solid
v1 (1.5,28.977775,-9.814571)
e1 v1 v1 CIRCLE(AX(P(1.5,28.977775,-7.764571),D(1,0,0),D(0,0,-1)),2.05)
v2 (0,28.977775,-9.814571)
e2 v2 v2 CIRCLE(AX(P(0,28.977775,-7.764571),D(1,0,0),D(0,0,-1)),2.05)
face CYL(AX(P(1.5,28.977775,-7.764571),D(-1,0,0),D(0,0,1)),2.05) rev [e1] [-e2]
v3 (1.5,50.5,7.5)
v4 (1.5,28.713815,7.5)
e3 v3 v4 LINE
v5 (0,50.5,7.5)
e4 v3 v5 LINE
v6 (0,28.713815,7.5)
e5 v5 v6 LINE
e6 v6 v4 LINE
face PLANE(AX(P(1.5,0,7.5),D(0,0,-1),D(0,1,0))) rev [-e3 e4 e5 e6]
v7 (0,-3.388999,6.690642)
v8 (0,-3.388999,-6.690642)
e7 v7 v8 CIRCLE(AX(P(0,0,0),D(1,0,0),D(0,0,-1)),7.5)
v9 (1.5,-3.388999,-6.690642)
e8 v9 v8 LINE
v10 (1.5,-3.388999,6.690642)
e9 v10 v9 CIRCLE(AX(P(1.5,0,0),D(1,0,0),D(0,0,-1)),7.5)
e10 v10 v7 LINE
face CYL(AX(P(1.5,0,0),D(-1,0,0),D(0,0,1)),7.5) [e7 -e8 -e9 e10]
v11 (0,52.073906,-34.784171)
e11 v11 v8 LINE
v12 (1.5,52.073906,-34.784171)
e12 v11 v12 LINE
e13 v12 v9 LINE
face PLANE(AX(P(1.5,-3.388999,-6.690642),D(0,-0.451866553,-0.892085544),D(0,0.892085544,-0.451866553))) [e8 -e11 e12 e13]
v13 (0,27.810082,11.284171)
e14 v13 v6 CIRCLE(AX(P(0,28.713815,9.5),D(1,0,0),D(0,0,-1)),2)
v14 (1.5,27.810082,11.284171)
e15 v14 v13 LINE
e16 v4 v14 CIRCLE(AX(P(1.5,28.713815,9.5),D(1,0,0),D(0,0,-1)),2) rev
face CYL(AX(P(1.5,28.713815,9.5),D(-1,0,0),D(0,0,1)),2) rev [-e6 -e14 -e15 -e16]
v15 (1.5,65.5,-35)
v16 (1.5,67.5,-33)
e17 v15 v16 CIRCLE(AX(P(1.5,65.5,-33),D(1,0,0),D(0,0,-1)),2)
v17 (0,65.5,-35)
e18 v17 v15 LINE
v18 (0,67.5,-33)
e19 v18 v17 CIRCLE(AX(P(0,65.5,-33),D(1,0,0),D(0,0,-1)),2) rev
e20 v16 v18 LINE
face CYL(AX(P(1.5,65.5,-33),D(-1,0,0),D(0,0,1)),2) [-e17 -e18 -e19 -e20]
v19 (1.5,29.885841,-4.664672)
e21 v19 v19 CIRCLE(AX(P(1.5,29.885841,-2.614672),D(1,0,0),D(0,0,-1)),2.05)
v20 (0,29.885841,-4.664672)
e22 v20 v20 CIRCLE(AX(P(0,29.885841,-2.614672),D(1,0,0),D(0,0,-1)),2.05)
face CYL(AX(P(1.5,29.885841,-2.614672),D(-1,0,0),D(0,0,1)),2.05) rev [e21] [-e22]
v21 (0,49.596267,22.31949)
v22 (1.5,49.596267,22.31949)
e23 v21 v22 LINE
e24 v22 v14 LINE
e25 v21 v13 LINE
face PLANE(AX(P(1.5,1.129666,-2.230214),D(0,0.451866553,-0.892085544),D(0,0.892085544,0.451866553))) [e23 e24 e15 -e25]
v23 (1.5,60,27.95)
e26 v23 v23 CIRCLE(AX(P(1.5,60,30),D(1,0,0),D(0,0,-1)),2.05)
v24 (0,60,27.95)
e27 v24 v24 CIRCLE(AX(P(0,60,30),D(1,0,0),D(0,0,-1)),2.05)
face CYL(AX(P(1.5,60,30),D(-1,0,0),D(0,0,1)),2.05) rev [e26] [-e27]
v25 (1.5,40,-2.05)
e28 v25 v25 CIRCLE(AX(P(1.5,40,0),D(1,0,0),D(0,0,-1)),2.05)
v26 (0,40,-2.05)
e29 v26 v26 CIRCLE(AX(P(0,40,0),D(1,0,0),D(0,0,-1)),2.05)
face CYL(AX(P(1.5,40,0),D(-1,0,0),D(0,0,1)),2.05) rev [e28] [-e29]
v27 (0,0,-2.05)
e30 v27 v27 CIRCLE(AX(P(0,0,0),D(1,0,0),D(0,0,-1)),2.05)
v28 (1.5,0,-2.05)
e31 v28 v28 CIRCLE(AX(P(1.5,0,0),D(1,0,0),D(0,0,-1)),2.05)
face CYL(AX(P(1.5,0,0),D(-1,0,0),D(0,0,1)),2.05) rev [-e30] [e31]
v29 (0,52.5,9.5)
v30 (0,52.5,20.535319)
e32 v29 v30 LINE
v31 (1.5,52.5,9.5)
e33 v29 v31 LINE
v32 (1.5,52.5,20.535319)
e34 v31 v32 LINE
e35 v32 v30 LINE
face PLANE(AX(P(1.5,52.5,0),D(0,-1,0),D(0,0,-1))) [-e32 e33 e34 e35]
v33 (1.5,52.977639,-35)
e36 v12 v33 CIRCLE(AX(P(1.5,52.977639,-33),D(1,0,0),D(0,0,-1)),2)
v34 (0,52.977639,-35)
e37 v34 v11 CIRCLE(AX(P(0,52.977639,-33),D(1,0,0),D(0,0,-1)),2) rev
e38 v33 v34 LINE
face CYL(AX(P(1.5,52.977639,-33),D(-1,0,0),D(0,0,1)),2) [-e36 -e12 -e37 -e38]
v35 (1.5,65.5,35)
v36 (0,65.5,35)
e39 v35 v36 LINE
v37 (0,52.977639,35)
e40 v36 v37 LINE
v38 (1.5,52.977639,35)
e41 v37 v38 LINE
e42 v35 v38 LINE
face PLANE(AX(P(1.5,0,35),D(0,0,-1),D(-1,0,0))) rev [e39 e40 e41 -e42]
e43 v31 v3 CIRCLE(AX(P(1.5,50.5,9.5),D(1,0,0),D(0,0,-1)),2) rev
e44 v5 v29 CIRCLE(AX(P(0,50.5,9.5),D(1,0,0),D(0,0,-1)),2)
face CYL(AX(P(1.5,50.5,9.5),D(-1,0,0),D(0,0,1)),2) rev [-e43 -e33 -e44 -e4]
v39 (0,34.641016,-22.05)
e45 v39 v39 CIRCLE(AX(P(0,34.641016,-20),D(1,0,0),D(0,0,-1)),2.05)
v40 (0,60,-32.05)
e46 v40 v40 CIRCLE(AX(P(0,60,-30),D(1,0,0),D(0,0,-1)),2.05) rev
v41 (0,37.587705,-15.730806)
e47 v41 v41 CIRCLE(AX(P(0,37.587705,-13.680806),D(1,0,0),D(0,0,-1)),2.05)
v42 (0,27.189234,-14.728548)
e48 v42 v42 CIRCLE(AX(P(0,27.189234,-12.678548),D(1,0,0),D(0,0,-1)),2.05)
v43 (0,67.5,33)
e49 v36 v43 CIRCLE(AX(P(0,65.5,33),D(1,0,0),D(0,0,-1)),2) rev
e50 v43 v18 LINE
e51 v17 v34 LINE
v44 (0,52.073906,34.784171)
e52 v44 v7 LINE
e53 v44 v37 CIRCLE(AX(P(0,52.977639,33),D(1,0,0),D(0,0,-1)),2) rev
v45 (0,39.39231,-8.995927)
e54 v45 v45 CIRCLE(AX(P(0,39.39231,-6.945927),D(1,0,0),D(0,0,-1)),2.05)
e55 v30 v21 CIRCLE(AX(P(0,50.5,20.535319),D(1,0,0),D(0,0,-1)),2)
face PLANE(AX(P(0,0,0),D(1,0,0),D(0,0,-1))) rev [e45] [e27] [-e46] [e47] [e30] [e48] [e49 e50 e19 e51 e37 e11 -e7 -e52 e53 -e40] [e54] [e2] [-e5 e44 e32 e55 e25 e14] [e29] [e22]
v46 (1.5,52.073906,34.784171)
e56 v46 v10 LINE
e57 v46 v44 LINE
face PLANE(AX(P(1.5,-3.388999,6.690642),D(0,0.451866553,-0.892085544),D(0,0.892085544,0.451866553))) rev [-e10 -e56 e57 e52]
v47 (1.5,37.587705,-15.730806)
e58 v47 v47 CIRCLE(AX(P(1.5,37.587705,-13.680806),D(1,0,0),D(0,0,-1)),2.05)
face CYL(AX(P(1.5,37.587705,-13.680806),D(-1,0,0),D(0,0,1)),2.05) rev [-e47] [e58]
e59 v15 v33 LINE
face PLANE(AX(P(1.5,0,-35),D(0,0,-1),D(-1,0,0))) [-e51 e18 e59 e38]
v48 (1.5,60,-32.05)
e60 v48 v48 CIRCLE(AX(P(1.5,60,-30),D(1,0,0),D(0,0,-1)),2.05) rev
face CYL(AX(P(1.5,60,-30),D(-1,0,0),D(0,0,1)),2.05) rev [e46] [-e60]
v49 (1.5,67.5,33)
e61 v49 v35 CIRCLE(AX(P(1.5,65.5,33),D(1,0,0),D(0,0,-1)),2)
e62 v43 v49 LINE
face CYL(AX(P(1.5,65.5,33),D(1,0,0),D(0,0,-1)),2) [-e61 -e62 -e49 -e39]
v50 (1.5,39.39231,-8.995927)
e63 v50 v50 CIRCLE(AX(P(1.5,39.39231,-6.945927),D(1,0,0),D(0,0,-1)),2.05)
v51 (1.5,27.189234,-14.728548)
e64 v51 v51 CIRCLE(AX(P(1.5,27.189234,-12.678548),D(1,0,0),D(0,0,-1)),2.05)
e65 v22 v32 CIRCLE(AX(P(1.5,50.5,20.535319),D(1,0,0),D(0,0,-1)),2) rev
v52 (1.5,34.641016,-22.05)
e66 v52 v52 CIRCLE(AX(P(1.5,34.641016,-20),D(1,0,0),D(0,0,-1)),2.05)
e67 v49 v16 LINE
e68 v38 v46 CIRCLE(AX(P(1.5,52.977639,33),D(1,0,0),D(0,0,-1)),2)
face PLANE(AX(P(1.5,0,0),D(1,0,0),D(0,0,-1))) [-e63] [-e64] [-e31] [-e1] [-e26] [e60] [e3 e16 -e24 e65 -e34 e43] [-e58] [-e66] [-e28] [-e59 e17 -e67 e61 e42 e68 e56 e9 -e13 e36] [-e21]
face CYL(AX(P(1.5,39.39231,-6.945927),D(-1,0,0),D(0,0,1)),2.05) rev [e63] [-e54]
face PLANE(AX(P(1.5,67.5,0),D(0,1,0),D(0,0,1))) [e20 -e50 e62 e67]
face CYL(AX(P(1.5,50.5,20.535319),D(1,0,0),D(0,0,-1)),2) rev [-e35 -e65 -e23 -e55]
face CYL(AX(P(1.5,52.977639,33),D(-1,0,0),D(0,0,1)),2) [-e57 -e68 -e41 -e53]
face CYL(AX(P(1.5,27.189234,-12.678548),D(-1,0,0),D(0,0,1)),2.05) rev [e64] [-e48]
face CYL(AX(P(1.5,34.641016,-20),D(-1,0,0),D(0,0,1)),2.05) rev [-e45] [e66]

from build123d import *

# Parameters (mm, degrees)
SKETCH_1_R      = 2.05
EXTRUDE_1_DEPTH = 1.5
FILLET_2_R      = 2


with BuildPart() as part:
    # ｽｹｯﾁ1 → ﾎﾞｽ - 押し出し1 (new body)
    with BuildSketch(Plane(origin=(0, 0, 0), x_dir=(0, 0, -1), z_dir=(1, 0, 0))):
        with BuildLine():
            Line((35, 67.5), (-35, 67.5))
            Line((-35, 67.5), (-35, 52.5))
            Line((-35, 52.5), (-6.690641581, -3.388999149))
            ThreePointArc((-6.690641581, -3.388999149), (0, -7.5), (6.690641581, -3.388999149))
            Line((6.690641581, -3.388999149), (35, 52.5))
            Line((35, 52.5), (35, 67.5))
        make_face()
        Circle(SKETCH_1_R, mode=Mode.SUBTRACT)
        with Locations((2.614672282, 29.885840943)):
            Circle(SKETCH_1_R, mode=Mode.SUBTRACT)
        with Locations((7.764571353, 28.977774789)):
            Circle(SKETCH_1_R, mode=Mode.SUBTRACT)
        with Locations((12.678547852, 27.189233611)):
            Circle(SKETCH_1_R, mode=Mode.SUBTRACT)
        Polygon((-7.5, 20.339282727), (-23.790312694, 52.5), (-7.5, 52.5), align=None, mode=Mode.SUBTRACT)
        with Locations((-30, 60)):
            Circle(SKETCH_1_R, mode=Mode.SUBTRACT)
        with Locations((13.680805733, 37.587704831)):
            Circle(SKETCH_1_R, mode=Mode.SUBTRACT)
        with Locations((0, 40)):
            Circle(SKETCH_1_R, mode=Mode.SUBTRACT)
        with Locations((6.945927107, 39.39231012)):
            Circle(SKETCH_1_R, mode=Mode.SUBTRACT)
        with Locations((20, 34.641016151)):
            Circle(SKETCH_1_R, mode=Mode.SUBTRACT)
        with Locations((30, 60)):
            Circle(SKETCH_1_R, mode=Mode.SUBTRACT)
    extrude(amount=EXTRUDE_1_DEPTH)

    # ﾌｨﾚｯﾄ2
    fillet_2_edges = [part.edges().sort_by_distance(p)[0] for p in [
        (0.75, 52.5, 35),
        (0.75, 67.5, 35),
        (0.75, 67.5, -35),
        (0.75, 52.5, -35),
        (0.75, 52.5, 23.790312694),
        (0.75, 20.339282727, 7.5),
        (0.75, 52.5, 7.5),
    ]]
    fillet(fillet_2_edges, radius=FILLET_2_R)


solid = part.part
